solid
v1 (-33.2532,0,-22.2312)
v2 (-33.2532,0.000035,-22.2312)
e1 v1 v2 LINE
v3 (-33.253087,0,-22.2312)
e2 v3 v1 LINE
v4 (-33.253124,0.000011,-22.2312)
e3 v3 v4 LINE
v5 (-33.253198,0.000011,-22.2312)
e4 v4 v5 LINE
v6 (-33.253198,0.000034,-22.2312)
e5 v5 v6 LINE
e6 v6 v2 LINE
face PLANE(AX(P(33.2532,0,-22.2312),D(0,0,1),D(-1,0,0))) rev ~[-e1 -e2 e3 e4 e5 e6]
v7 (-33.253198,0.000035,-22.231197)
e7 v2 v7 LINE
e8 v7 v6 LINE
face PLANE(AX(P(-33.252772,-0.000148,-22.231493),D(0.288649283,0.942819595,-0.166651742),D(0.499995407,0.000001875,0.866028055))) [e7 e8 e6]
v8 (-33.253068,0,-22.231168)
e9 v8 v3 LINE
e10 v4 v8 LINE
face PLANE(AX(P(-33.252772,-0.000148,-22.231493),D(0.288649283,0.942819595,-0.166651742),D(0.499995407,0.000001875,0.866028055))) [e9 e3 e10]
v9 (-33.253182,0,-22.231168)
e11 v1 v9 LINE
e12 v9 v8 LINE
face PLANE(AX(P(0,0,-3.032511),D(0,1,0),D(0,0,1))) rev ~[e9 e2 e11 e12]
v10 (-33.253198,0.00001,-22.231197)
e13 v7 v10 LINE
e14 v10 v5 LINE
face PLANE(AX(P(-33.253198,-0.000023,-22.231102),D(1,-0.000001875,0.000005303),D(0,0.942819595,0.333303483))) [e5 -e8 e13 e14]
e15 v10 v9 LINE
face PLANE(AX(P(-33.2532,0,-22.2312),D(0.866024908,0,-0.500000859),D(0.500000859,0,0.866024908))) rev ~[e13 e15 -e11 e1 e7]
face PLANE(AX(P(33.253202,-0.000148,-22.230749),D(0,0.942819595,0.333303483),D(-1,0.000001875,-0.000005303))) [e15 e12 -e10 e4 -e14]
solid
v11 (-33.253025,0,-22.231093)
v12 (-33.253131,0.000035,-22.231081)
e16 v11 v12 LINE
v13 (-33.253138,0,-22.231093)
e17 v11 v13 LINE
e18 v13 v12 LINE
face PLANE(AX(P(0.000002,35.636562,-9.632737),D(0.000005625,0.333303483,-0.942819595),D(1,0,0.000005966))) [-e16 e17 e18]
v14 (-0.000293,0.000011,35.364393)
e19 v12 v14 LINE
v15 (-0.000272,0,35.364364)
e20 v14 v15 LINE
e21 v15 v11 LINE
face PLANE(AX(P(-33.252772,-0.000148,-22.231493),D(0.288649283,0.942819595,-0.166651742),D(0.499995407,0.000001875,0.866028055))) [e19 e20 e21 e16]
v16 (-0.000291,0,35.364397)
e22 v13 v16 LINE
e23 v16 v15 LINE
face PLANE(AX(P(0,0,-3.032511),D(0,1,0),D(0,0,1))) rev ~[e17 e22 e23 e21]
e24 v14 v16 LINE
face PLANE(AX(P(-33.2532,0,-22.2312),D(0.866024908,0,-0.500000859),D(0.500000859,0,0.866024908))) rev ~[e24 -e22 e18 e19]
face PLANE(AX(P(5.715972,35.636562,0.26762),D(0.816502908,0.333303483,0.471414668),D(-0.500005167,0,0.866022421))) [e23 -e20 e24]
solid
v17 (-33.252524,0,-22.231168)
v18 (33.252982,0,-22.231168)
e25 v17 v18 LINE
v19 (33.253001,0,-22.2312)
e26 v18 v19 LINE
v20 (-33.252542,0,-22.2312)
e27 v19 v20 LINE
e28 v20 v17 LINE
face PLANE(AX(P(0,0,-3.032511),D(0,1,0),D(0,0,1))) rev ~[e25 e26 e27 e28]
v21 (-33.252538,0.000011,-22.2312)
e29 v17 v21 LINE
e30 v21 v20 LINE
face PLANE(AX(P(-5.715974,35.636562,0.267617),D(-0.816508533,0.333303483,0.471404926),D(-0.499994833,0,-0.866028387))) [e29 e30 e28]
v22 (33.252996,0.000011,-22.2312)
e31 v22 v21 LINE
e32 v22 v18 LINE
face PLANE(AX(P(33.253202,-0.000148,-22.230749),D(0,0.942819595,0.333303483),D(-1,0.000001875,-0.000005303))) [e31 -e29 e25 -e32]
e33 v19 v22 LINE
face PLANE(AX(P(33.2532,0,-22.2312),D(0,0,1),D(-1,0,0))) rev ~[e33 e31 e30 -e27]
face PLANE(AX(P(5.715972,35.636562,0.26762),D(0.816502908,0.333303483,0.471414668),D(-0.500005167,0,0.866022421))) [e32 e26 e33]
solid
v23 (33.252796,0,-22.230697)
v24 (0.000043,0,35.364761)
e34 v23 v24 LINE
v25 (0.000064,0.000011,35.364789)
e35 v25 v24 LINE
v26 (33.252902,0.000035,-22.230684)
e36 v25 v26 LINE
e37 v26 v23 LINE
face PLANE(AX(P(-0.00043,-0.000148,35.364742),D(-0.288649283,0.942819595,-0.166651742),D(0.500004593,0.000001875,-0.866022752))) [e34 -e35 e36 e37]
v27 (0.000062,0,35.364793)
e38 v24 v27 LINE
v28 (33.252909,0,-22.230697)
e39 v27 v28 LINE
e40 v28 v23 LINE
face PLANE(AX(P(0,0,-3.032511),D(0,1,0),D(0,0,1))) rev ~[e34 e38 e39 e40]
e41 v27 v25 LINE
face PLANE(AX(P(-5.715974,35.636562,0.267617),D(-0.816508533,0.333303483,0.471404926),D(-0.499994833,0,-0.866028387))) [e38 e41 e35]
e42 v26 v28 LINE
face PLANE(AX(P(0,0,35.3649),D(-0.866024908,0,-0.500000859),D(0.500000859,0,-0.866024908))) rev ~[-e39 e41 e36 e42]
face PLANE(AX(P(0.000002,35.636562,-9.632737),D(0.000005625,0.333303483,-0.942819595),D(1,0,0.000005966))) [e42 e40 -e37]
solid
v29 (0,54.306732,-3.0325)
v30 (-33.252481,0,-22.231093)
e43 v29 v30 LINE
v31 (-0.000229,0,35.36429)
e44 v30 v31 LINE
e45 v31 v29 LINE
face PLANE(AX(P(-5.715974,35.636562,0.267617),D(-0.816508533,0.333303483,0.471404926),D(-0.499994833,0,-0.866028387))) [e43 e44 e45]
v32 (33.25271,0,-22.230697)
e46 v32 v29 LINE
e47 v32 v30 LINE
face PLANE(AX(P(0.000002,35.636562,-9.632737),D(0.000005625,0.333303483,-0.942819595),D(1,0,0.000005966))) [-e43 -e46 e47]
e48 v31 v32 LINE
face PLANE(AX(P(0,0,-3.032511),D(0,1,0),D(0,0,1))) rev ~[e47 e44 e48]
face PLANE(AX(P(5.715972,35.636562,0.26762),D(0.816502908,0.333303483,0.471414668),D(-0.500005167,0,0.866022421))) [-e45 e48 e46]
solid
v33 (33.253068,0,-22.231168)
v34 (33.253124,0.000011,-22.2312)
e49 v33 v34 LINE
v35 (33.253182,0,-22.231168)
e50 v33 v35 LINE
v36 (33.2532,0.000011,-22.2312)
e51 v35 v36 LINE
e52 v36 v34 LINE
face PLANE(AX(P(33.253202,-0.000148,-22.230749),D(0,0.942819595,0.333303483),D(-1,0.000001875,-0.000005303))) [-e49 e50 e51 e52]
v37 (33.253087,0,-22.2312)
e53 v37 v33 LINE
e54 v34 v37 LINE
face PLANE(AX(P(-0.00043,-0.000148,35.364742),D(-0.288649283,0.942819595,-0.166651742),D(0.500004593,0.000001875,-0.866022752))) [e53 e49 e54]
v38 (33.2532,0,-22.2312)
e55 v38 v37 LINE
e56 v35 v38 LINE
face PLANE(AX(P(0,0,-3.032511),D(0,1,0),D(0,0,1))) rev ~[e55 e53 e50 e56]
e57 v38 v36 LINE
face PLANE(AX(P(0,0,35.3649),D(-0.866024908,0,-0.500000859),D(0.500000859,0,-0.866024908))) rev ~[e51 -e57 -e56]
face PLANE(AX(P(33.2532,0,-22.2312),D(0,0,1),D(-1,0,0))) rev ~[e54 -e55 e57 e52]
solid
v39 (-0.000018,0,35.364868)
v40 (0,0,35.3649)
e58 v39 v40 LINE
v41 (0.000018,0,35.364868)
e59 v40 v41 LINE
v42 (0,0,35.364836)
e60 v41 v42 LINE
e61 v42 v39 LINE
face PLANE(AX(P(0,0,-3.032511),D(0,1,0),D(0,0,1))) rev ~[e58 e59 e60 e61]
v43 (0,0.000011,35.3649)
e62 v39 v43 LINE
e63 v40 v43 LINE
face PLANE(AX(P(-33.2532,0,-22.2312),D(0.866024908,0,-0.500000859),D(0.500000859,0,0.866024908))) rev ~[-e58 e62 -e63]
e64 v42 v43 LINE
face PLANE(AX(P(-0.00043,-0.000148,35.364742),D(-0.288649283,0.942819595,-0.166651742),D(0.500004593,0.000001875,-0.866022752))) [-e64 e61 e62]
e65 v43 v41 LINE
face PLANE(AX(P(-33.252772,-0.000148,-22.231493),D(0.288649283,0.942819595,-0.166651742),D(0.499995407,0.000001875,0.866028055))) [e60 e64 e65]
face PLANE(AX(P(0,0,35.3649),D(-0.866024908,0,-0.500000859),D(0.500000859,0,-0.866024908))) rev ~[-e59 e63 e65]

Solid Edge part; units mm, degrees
sketch "Sketch1" plane through (0, 0, 0) normal (0, -1, 0) x (1, 0, 0)
  line L0 (0, 35.3649) -> (33.2532, -22.2312)
  line L1 (33.2532, -22.2312) -> (-33.2532, -22.2312)
  line L2 (-33.2532, -22.2312) -> (0, 35.3649)
extrude "Protrusion1" add sketch "Sketch1" against normal blind 70
sketch "Sketch2" plane through (-6.5236, 32.9986, 0.7339) normal (-0.8165, 0.3333, 0.4714) x (0.5, 0, 0.866)
  line L0 (-33.2532, 40.5959) -> (-33.2532, -35)
  line L1 (-33.2532, -35) -> (33.2532, -35)
  line L2 (33.2532, -35) -> (33.2532, 40.5959)
  line L3 (33.2532, 40.5959) -> (-33.2532, 40.5959)
extrude "ExtrudedCutout_1" cut sketch "Sketch2" along normal blind 26.7423
pattern_circular "Pattern1" count 3 over 360 about axis through (0, 0, -3.0325) along (0, 1, 0) of "ExtrudedCutout_1"
